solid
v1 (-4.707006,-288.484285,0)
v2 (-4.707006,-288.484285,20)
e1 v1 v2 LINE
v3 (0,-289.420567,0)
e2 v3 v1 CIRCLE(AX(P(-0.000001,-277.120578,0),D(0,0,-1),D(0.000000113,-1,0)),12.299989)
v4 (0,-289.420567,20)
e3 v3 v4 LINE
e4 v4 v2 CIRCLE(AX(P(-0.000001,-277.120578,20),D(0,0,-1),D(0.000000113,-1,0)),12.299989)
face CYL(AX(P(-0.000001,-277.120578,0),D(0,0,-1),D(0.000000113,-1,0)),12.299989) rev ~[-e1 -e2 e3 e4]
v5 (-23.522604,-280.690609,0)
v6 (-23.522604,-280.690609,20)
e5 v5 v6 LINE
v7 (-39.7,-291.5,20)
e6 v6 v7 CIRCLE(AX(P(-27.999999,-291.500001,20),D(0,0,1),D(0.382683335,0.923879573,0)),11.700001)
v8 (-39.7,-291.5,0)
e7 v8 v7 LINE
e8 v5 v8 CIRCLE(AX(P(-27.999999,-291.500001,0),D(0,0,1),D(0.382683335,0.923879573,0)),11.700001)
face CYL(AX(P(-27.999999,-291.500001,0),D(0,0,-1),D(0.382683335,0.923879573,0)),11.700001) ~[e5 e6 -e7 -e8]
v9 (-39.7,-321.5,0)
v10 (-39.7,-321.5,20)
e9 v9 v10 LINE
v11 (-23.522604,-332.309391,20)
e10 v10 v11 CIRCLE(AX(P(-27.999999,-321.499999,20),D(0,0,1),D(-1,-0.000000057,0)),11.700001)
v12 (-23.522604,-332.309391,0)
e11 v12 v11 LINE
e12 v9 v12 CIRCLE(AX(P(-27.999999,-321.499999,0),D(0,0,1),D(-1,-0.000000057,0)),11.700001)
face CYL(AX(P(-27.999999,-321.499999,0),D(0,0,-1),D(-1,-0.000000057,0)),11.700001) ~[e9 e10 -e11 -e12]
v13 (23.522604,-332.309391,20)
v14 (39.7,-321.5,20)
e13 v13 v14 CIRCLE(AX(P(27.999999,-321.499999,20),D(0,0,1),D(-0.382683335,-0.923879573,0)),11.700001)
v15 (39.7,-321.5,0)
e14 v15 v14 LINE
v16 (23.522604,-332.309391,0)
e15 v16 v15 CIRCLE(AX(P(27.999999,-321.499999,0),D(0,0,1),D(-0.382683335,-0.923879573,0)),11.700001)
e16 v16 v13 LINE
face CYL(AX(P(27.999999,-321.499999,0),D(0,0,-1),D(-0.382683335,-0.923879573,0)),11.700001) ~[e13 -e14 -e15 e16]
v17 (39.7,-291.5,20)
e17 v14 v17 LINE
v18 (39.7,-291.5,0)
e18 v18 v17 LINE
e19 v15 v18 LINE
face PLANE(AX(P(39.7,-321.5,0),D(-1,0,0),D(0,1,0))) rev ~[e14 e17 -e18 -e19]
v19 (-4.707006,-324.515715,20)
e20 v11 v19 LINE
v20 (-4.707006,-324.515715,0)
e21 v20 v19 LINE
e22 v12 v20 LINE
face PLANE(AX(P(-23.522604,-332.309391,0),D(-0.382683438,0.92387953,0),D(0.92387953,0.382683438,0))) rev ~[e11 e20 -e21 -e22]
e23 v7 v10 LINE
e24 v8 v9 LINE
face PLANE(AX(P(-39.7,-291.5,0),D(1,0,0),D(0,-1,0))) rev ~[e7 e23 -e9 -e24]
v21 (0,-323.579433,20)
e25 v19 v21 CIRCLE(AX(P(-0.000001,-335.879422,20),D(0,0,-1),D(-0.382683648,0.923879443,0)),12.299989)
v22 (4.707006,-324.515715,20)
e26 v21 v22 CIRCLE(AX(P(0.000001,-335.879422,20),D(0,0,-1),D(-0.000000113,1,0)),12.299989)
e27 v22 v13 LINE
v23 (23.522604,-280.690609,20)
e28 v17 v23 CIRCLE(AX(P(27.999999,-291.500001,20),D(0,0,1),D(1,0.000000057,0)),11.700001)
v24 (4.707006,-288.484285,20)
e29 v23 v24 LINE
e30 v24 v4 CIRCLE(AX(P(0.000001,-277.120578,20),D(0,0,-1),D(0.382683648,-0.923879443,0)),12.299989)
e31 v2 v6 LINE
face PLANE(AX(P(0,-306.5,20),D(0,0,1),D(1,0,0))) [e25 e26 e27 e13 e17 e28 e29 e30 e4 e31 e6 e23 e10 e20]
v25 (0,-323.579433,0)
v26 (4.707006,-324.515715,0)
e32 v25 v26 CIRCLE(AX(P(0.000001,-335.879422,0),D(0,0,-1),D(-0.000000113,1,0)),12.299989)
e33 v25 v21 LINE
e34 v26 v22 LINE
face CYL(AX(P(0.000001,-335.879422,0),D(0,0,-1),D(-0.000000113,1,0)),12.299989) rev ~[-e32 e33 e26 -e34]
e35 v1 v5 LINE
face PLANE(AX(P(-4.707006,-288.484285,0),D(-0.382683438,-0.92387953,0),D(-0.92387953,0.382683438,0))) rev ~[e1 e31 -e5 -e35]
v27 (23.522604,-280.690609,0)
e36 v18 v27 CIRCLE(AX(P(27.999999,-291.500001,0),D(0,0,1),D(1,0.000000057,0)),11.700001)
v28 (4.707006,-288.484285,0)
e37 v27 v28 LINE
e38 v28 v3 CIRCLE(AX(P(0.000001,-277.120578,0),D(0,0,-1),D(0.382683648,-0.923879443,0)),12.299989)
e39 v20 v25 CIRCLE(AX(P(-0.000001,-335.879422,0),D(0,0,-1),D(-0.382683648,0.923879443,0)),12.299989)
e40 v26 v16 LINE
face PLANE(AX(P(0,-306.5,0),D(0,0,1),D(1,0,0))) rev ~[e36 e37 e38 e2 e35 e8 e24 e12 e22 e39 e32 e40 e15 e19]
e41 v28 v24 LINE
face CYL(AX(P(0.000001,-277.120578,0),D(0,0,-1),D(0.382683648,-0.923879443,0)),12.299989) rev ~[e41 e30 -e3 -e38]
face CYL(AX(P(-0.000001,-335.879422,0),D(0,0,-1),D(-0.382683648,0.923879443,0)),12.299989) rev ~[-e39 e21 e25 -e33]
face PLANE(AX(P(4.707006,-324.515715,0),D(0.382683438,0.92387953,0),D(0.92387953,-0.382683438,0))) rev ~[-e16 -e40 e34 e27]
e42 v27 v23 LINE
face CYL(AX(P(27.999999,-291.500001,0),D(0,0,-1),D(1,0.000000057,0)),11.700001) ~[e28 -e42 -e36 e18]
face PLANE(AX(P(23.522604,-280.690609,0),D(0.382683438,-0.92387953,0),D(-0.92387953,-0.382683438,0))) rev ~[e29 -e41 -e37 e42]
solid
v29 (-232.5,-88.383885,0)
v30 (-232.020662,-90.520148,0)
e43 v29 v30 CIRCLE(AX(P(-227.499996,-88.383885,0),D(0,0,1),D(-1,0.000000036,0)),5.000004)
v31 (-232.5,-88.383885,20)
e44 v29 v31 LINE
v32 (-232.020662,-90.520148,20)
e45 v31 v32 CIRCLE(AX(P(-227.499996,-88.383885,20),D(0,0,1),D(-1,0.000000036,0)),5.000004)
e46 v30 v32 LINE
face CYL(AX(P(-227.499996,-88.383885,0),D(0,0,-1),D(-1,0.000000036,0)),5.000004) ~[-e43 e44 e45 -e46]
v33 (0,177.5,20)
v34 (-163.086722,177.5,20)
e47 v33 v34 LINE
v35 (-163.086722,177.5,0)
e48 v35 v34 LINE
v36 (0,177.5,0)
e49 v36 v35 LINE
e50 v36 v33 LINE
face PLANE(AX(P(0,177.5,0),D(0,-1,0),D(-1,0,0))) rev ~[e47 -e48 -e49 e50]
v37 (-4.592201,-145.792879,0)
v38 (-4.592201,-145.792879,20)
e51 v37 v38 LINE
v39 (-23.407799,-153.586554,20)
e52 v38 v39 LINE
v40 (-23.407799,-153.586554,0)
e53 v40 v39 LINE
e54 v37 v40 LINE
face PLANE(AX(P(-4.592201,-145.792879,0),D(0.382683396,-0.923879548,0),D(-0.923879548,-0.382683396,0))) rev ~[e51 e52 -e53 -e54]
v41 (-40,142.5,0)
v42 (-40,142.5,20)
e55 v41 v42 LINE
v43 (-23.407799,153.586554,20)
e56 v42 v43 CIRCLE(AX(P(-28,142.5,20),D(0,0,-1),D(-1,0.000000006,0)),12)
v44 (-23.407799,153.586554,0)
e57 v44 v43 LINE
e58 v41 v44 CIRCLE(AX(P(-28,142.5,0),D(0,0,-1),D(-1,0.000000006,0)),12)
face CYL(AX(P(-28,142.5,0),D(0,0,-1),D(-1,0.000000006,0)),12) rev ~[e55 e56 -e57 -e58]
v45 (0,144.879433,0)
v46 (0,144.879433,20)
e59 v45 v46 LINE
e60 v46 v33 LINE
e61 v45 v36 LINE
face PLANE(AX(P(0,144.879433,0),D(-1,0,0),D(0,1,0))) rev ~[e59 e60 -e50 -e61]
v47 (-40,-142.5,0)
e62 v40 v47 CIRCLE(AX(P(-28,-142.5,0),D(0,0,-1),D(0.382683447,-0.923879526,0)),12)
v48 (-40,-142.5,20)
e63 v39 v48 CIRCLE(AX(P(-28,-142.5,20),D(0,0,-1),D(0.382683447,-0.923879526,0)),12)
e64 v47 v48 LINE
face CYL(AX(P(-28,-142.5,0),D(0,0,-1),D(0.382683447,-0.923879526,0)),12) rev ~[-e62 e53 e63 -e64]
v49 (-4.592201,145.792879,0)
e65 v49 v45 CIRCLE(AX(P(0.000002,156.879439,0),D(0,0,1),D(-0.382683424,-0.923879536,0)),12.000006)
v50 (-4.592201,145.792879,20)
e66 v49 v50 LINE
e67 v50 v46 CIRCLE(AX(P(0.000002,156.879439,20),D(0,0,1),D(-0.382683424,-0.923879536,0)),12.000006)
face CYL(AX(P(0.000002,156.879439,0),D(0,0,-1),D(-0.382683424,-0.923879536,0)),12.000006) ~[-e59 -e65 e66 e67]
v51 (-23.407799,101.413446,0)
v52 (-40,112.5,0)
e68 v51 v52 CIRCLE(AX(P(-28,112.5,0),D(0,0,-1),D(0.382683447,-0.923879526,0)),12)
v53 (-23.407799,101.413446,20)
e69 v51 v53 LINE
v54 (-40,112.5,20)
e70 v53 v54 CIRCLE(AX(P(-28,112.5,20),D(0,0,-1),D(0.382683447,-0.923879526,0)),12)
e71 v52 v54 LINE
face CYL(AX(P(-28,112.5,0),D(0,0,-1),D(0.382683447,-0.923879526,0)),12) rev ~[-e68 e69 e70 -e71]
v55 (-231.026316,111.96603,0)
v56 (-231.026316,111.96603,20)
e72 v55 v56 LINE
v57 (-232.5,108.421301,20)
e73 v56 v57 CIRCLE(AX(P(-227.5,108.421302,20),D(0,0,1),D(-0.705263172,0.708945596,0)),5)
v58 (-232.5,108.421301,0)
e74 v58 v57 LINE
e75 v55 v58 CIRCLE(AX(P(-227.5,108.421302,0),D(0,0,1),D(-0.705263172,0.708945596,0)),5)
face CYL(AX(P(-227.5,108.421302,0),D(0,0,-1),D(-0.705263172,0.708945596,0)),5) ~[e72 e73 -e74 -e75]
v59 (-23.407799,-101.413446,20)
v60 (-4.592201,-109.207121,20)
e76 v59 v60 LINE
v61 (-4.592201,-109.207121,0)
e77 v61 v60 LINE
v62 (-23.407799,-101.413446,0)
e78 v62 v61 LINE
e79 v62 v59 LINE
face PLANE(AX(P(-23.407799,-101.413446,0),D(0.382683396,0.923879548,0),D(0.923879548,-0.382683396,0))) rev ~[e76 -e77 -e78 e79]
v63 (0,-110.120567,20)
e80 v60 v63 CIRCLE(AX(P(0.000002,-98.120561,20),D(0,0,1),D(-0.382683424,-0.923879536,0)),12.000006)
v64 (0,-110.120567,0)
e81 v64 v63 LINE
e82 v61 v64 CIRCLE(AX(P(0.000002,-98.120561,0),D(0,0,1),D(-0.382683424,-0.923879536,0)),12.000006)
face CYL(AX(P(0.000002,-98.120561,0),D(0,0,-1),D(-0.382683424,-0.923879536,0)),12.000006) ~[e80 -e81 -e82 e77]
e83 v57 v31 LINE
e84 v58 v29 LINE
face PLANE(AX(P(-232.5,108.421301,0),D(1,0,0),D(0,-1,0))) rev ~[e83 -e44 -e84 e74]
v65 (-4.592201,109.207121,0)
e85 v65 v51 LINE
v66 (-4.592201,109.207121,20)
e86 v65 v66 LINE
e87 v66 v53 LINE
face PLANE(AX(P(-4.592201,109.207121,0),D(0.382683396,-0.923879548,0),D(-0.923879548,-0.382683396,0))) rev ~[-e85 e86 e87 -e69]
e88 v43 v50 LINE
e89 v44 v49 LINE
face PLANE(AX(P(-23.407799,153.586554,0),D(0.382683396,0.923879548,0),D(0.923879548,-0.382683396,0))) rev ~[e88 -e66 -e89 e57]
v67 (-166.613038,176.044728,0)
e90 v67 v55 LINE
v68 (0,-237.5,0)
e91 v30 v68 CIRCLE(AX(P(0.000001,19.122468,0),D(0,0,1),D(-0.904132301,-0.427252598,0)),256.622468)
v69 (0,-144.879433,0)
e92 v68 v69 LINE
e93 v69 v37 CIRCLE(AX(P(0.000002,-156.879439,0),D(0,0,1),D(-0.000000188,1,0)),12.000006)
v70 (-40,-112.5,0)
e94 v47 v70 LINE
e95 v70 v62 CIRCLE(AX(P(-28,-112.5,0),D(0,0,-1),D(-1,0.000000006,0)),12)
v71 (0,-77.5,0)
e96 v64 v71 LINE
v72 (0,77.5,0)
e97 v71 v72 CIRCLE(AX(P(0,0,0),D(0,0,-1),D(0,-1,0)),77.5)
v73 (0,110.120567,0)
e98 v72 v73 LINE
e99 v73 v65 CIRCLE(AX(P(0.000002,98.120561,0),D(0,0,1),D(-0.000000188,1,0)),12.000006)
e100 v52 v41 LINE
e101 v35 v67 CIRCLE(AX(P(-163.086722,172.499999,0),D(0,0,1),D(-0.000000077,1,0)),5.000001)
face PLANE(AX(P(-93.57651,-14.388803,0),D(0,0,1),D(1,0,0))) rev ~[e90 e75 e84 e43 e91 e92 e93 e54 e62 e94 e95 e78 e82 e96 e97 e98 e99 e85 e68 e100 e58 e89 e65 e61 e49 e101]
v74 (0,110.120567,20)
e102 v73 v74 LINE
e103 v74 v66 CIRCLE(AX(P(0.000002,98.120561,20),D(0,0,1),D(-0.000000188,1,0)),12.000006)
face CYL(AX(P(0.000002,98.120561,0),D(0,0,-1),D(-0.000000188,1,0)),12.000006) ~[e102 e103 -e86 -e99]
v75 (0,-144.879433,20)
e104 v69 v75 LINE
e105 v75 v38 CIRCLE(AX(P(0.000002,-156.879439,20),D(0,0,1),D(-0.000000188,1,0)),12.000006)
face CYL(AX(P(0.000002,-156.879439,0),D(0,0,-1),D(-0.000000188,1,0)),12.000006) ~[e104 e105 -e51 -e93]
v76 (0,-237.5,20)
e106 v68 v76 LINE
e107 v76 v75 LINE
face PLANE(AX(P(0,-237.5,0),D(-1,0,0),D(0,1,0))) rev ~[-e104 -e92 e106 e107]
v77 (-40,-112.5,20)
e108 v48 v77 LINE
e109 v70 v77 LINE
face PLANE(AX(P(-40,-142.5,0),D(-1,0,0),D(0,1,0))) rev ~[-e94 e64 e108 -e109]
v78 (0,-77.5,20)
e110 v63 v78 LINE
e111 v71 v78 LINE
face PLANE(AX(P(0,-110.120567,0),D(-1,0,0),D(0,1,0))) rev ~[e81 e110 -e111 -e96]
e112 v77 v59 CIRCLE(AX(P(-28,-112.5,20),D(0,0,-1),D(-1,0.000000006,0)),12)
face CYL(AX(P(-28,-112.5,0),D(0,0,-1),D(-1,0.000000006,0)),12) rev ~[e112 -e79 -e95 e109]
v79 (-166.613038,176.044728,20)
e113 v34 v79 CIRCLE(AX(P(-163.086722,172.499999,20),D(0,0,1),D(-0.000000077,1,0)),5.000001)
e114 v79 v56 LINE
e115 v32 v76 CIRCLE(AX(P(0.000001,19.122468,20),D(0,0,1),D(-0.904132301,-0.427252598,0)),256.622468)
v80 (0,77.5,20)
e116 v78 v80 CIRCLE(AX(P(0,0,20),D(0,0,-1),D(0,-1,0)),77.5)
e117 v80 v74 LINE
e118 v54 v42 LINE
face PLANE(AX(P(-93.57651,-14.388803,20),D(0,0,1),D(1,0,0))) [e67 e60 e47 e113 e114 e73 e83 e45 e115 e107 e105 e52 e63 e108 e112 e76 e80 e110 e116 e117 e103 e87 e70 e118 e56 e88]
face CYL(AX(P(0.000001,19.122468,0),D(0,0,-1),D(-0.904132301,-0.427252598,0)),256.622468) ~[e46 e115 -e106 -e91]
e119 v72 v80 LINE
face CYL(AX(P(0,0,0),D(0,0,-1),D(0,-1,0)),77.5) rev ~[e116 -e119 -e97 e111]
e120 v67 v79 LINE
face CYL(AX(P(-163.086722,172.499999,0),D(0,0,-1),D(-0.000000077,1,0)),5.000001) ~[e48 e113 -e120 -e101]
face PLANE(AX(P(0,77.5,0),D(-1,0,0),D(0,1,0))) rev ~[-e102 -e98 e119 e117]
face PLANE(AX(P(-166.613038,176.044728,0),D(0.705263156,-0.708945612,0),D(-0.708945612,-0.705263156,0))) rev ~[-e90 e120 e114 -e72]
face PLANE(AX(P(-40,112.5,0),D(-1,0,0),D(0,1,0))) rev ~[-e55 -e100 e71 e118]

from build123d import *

# Parameters (mm, degrees)
F1_DEPTH = 20


with BuildPart() as f1:
    # F0 (on Top) → F1 (new body)
    with BuildSketch(Plane.XY):
        with BuildLine():
            Line((0, -110.120567), (0, -77.5))
            ThreePointArc((0, -77.5), (-77.5, 0), (0, 77.5))
            Line((0, 77.5), (0, 110.120567))
            ThreePointArc((0, 110.120567), (-2.341084, 109.88999), (-4.592201, 109.207121))
            Line((-4.592201, 109.207121), (-23.407799, 101.413446))
            ThreePointArc((-23.407799, 101.413446), (-34.666843, 102.522365), (-40, 112.5))
            Line((-40, 112.5), (-40, 142.5))
            ThreePointArc((-40, 142.5), (-34.666843, 152.477635), (-23.407799, 153.586554))
            Line((-23.407799, 153.586554), (-4.592201, 145.792879))
            ThreePointArc((-4.592201, 145.792879), (-2.341084, 145.11001), (0, 144.879433))
            Line((0, 144.879433), (0, 177.5))
            Line((0, 177.5), (-163.086722, 177.5))
            ThreePointArc((-163.086722, 177.5), (-164.994123, 177.121885), (-166.613038, 176.044728))
            Line((-166.613038, 176.044728), (-231.026316, 111.96603))
            ThreePointArc((-231.026316, 111.96603), (-232.116903, 110.340731), (-232.5, 108.421301))
            Line((-232.5, 108.421301), (-232.5, -88.383885))
            ThreePointArc((-232.5, -88.383885), (-232.378694, -89.478575), (-232.020662, -90.520148))
            ThreePointArc((-232.020662, -90.520148), (-137.328679, -197.662967), (0, -237.5))
            Line((0, -237.5), (0, -144.879433))
            ThreePointArc((0, -144.879433), (-2.341084, -145.11001), (-4.592201, -145.792879))
            Line((-4.592201, -145.792879), (-23.407799, -153.586554))
            ThreePointArc((-23.407799, -153.586554), (-34.666843, -152.477635), (-40, -142.5))
            Line((-40, -142.5), (-40, -112.5))
            ThreePointArc((-40, -112.5), (-34.666843, -102.522365), (-23.407799, -101.413446))
            Line((-23.407799, -101.413446), (-4.592201, -109.207121))
            ThreePointArc((-4.592201, -109.207121), (-2.341084, -109.88999), (0, -110.120567))
        make_face()
        with BuildLine():
            ThreePointArc((4.707006, -288.484285), (2.399611, -289.184226), (0, -289.420567))
            ThreePointArc((0, -289.420567), (-2.399611, -289.184226), (-4.707006, -288.484285))
            Line((-4.707006, -288.484285), (-23.522604, -280.690609))
            ThreePointArc((-23.522604, -280.690609), (-34.500172, -281.771806), (-39.7, -291.5))
            Line((-39.7, -291.5), (-39.7, -321.5))
            ThreePointArc((-39.7, -321.5), (-34.500172, -331.228194), (-23.522604, -332.309391))
            Line((-23.522604, -332.309391), (-4.707006, -324.515715))
            ThreePointArc((-4.707006, -324.515715), (-2.399611, -323.815774), (0, -323.579433))
            ThreePointArc((0, -323.579433), (2.399611, -323.815774), (4.707006, -324.515715))
            Line((4.707006, -324.515715), (23.522604, -332.309391))
            ThreePointArc((23.522604, -332.309391), (34.500172, -331.228194), (39.7, -321.5))
            Line((39.7, -321.5), (39.7, -291.5))
            ThreePointArc((39.7, -291.5), (34.500172, -281.771806), (23.522604, -280.690609))
            Line((23.522604, -280.690609), (4.707006, -288.484285))
        make_face()
    extrude(amount=F1_DEPTH)


solid = f1.part
